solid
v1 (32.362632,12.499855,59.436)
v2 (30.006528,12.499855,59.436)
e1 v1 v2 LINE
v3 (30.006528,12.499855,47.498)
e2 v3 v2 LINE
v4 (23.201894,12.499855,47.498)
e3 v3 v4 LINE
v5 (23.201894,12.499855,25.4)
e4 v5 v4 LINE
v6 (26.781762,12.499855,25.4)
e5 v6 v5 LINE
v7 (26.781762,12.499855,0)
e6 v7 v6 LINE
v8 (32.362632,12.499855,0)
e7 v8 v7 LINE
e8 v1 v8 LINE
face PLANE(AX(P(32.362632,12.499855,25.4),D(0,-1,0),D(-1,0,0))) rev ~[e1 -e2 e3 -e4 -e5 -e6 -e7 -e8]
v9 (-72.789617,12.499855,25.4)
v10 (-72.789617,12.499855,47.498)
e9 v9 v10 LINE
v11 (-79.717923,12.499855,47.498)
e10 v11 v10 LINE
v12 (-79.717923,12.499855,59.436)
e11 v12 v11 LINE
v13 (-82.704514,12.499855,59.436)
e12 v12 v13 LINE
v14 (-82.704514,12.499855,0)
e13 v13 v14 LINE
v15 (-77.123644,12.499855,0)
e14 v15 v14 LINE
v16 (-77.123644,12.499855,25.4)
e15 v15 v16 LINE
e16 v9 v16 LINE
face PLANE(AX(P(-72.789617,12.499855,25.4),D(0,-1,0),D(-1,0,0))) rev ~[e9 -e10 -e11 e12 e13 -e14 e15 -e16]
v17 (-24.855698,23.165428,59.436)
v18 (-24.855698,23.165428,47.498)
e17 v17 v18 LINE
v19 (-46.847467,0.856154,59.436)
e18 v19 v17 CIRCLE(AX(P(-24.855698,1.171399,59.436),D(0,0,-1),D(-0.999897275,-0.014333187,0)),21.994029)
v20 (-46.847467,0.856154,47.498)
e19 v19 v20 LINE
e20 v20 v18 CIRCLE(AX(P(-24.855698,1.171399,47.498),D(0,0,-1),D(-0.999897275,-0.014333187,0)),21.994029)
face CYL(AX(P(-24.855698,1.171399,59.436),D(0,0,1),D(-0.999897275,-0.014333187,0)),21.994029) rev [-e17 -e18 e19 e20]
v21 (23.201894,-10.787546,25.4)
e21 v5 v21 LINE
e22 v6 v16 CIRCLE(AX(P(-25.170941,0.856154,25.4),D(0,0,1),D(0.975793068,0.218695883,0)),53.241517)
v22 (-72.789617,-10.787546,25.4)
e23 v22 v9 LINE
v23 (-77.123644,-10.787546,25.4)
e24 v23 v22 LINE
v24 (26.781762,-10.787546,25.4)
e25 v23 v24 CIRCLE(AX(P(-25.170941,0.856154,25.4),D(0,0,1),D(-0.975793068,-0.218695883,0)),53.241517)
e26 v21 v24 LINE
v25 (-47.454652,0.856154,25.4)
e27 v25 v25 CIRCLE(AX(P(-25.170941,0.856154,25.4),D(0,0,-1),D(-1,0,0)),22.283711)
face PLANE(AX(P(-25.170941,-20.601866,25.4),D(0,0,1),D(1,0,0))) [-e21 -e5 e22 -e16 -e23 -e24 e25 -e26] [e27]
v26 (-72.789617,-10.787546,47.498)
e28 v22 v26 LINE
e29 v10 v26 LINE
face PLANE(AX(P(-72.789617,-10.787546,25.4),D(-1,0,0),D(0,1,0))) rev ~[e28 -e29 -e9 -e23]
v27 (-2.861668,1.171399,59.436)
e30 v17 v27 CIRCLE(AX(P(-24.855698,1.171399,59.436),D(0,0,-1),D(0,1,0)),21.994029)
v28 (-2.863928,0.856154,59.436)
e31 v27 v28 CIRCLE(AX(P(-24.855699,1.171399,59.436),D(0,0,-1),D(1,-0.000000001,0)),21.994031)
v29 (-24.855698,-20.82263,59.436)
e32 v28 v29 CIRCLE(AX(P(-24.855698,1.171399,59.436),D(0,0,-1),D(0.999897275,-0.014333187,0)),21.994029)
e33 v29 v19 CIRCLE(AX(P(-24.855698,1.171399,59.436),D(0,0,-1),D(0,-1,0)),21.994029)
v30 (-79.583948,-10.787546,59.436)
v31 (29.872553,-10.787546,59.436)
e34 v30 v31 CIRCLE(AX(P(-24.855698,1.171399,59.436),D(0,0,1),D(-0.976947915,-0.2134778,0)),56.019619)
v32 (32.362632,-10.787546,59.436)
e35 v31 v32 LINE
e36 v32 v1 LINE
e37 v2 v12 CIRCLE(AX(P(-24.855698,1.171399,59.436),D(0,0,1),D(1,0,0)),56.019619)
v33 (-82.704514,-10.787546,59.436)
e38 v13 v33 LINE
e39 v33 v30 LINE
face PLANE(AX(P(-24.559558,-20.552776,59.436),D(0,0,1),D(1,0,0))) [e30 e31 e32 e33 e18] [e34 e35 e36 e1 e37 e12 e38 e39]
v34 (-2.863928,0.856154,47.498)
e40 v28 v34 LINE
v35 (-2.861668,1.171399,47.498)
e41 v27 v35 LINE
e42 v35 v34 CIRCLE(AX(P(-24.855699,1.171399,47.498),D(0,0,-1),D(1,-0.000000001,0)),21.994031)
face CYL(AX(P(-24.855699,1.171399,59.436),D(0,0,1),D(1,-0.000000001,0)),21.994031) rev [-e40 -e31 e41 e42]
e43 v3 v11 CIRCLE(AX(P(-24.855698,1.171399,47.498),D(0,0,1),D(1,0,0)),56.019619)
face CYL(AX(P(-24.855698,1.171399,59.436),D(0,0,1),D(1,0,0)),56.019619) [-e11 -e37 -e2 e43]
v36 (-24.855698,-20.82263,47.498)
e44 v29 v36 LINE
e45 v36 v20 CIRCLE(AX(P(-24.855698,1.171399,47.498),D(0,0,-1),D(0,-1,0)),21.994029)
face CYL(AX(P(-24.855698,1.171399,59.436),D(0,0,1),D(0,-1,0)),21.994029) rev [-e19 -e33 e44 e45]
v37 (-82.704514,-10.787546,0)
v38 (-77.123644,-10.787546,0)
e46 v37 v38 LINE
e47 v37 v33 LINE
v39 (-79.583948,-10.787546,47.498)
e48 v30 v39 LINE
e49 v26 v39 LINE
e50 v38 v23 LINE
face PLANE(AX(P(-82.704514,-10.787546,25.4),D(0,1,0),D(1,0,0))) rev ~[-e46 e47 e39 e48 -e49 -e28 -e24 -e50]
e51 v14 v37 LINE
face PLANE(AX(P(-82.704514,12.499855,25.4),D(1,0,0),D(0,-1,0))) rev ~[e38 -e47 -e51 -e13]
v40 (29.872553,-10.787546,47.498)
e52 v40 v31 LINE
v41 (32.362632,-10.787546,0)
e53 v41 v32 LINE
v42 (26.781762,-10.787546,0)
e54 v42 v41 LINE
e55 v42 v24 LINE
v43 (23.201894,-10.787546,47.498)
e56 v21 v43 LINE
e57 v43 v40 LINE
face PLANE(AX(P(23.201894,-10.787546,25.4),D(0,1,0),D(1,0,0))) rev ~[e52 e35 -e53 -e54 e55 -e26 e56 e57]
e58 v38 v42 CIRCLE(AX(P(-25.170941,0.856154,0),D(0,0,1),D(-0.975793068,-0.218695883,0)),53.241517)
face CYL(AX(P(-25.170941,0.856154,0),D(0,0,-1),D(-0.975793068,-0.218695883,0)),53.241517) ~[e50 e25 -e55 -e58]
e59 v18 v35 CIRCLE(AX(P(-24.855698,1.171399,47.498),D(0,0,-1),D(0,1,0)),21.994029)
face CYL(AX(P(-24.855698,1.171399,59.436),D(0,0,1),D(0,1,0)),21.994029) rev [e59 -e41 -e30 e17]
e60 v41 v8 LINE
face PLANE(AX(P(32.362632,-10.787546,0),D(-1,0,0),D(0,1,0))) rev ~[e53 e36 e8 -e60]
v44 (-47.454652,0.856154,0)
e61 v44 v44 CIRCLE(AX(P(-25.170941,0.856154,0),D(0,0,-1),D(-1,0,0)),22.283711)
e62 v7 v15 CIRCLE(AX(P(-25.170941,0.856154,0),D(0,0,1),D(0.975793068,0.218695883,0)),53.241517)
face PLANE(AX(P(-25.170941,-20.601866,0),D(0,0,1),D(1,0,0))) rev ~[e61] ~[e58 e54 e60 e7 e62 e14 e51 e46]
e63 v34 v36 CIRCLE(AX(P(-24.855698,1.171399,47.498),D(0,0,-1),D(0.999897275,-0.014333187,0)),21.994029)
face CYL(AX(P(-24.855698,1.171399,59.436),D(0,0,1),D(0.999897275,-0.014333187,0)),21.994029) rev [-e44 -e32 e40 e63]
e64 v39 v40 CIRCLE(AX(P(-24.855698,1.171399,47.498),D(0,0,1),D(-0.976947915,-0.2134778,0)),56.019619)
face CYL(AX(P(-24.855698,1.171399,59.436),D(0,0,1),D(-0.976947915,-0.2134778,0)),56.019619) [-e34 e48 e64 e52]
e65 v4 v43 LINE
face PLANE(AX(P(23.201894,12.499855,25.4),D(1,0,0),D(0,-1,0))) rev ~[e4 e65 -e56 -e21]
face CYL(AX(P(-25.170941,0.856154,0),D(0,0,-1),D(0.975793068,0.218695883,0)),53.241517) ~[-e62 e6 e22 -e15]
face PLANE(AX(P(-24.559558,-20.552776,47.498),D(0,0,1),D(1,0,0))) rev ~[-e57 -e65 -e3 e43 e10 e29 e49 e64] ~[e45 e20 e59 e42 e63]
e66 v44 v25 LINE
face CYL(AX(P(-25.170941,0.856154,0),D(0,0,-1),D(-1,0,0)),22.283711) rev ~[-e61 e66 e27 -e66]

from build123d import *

# Parameters (mm, degrees)
F1_DEPTH = 25.4
F3_DEPTH = 34.036
F5_DEPTH = 11.938


with BuildPart() as f1:
    # F0 (on Top) → F1 (new body)
    with BuildSketch(Plane.XY):
        with BuildLine():
            Line((17.636783421, 0.8561543655), (-2.8872299848, 0.8561543655))
            ThreePointArc((-2.8872299848, 0.8561543655), (-25.1709409058, -21.4275565556), (-47.4546518269, 0.8561543655))
            Line((-47.4546518269, 0.8561543655), (-67.9786652327, 0.8561543655))
            Line((-67.9786652327, 0.8561543655), (-67.9786652327, -10.787546169))
            Line((-67.9786652327, -10.787546169), (-77.1236439758, -10.787546169))
            ThreePointArc((-77.1236439758, -10.787546169), (-25.1709409058, -52.3853625026), (26.7817621641, -10.787546169))
            Line((26.7817621641, -10.787546169), (17.636783421, -10.787546169))
            Line((17.636783421, -10.787546169), (17.636783421, 0.8561543655))
        make_face()
        with BuildLine():
            ThreePointArc((-47.4546518269, 0.8561543655), (-25.1709409058, 23.1398652865), (-2.8872299848, 0.8561543655))
            Line((-2.8872299848, 0.8561543655), (17.636783421, 0.8561543655))
            Line((17.636783421, 0.8561543655), (17.636783421, 12.4998548999))
            Line((17.636783421, 12.4998548999), (26.7817621641, 12.4998548999))
            ThreePointArc((26.7817621641, 12.4998548999), (-25.1709409058, 54.0976712335), (-77.1236439758, 12.4998548999))
            Line((-77.1236439758, 12.4998548999), (-67.9786652327, 12.4998548999))
            Line((-67.9786652327, 12.4998548999), (-67.9786652327, 0.8561543655))
            Line((-67.9786652327, 0.8561543655), (-47.4546518269, 0.8561543655))
        make_face()
        with BuildLine():
            Line((-67.9786652327, -10.787546169), (-67.9786652327, 0.8561543655))
            Line((-67.9786652327, 0.8561543655), (-78.4124577739, 0.8561543655))
            ThreePointArc((-78.4124577739, 0.8561543655), (-78.0892734346, -5.0012512706), (-77.1236439758, -10.787546169))
            Line((-77.1236439758, -10.787546169), (-67.9786652327, -10.787546169))
        make_face()
        with BuildLine():
            Line((-78.4124577739, 0.8561543655), (-67.9786652327, 0.8561543655))
            Line((-67.9786652327, 0.8561543655), (-67.9786652327, 12.4998548999))
            Line((-67.9786652327, 12.4998548999), (-77.1236439758, 12.4998548999))
            ThreePointArc((-77.1236439758, 12.4998548999), (-78.0892734346, 6.7135600016), (-78.4124577739, 0.8561543655))
        make_face()
        with BuildLine():
            Line((-82.7045142651, 0.8561543655), (-78.4124577739, 0.8561543655))
            ThreePointArc((-78.4124577739, 0.8561543655), (-78.0892734346, 6.7135600016), (-77.1236439758, 12.4998548999))
            Line((-77.1236439758, 12.4998548999), (-82.7045142651, 12.4998548999))
            Line((-82.7045142651, 12.4998548999), (-82.7045142651, 0.8561543655))
        make_face()
        with BuildLine():
            ThreePointArc((-77.1236439758, -10.787546169), (-78.0892734346, -5.0012512706), (-78.4124577739, 0.8561543655))
            Line((-78.4124577739, 0.8561543655), (-82.7045142651, 0.8561543655))
            Line((-82.7045142651, 0.8561543655), (-82.7045142651, -10.787546169))
            Line((-82.7045142651, -10.787546169), (-77.1236439758, -10.787546169))
        make_face()
        with BuildLine():
            ThreePointArc((26.7817621641, 12.4998548999), (27.747391623, 6.7135600016), (28.0705759622, 0.8561543655))
            Line((28.0705759622, 0.8561543655), (32.3626324534, 0.8561543655))
            Line((32.3626324534, 0.8561543655), (32.3626324534, 12.4998548999))
            Line((32.3626324534, 12.4998548999), (26.7817621641, 12.4998548999))
        make_face()
        with BuildLine():
            Line((32.3626324534, 0.8561543655), (28.0705759622, 0.8561543655))
            ThreePointArc((28.0705759622, 0.8561543655), (27.747391623, -5.0012512706), (26.7817621641, -10.787546169))
            Line((26.7817621641, -10.787546169), (32.3626324534, -10.787546169))
            Line((32.3626324534, -10.787546169), (32.3626324534, 0.8561543655))
        make_face()
        with BuildLine():
            Line((28.0705759622, 0.8561543655), (17.636783421, 0.8561543655))
            Line((17.636783421, 0.8561543655), (17.636783421, -10.787546169))
            Line((17.636783421, -10.787546169), (26.7817621641, -10.787546169))
            ThreePointArc((26.7817621641, -10.787546169), (27.747391623, -5.0012512706), (28.0705759622, 0.8561543655))
        make_face()
        with BuildLine():
            Line((17.636783421, 12.4998548999), (17.636783421, 0.8561543655))
            Line((17.636783421, 0.8561543655), (28.0705759622, 0.8561543655))
            ThreePointArc((28.0705759622, 0.8561543655), (27.747391623, 6.7135600016), (26.7817621641, 12.4998548999))
            Line((26.7817621641, 12.4998548999), (17.636783421, 12.4998548999))
        make_face()
    extrude(amount=F1_DEPTH)

    # F2 (on face) → F3 (join)
    with BuildSketch(Plane.XY.offset(25.4)):
        Polygon((-77.1236439758, 12.4998548999), (-82.7045142651, 12.4998548999), (-82.7045142651, -10.787546169), (-77.1236439758, -10.787546169), (-72.7896168828, -10.787546169), (-72.7896168828, 12.4998548999), align=None)
        Polygon((32.3626324534, 12.4998548999), (26.7817621641, 12.4998548999), (23.2018940151, 12.4998548999), (23.2018940151, -10.787546169), (26.7817621641, -10.787546169), (32.3626324534, -10.787546169), align=None)
    extrude(amount=F3_DEPTH)

    # F4 (on face) → F5 (join)
    with BuildSketch(Plane.XY.offset(59.436)):
        with BuildLine():
            Line((-46.8474674883, 0.8561543655), (-72.7896168828, 0.8561543655))
            Line((-72.7896168828, 0.8561543655), (-72.7896168828, -10.787546169))
            Line((-72.7896168828, -10.787546169), (-79.5839477761, -10.787546169))
            ThreePointArc((-79.5839477761, -10.787546169), (-18.9982000681, -54.5411442591), (31.1630347279, 0.8561543655))
            Line((31.1630347279, 0.8561543655), (-2.8639275667, 0.8561543655))
            ThreePointArc((-2.8639275667, 0.8561543655), (-9.4154283034, -14.4917875948), (-24.8556975275, -20.8226303985))
            ThreePointArc((-24.8556975275, -20.8226303985), (-40.2959667516, -14.4917875948), (-46.8474674883, 0.8561543655))
        make_face()
        with BuildLine():
            Line((-72.7896168828, 12.4998548999), (-72.7896168828, 0.8561543655))
            Line((-72.7896168828, 0.8561543655), (-46.8474674883, 0.8561543655))
            ThreePointArc((-46.8474674883, 0.8561543655), (-40.5188840302, 16.611668132), (-24.8556975275, 23.1654282143))
            ThreePointArc((-24.8556975275, 23.1654282143), (-9.3035702594, 16.7235261761), (-2.8616682211, 1.1713989079))
            ThreePointArc((-2.8616682211, 1.1713989079), (-2.8622330648, 1.0137725886), (-2.8639275667, 0.8561543655))
            Line((-2.8639275667, 0.8561543655), (31.1630347279, 0.8561543655))
            ThreePointArc((31.1630347279, 0.8561543655), (31.1636999848, 1.0137760127), (31.1639217377, 1.1713989079))
            ThreePointArc((31.1639217377, 1.1713989079), (-19.1619844457, 56.9009186794), (-79.717923398, 12.4998548999))
            Line((-79.717923398, 12.4998548999), (-72.7896168828, 12.4998548999))
        make_face()
    extrude(amount=-F5_DEPTH)


solid = f1.part
